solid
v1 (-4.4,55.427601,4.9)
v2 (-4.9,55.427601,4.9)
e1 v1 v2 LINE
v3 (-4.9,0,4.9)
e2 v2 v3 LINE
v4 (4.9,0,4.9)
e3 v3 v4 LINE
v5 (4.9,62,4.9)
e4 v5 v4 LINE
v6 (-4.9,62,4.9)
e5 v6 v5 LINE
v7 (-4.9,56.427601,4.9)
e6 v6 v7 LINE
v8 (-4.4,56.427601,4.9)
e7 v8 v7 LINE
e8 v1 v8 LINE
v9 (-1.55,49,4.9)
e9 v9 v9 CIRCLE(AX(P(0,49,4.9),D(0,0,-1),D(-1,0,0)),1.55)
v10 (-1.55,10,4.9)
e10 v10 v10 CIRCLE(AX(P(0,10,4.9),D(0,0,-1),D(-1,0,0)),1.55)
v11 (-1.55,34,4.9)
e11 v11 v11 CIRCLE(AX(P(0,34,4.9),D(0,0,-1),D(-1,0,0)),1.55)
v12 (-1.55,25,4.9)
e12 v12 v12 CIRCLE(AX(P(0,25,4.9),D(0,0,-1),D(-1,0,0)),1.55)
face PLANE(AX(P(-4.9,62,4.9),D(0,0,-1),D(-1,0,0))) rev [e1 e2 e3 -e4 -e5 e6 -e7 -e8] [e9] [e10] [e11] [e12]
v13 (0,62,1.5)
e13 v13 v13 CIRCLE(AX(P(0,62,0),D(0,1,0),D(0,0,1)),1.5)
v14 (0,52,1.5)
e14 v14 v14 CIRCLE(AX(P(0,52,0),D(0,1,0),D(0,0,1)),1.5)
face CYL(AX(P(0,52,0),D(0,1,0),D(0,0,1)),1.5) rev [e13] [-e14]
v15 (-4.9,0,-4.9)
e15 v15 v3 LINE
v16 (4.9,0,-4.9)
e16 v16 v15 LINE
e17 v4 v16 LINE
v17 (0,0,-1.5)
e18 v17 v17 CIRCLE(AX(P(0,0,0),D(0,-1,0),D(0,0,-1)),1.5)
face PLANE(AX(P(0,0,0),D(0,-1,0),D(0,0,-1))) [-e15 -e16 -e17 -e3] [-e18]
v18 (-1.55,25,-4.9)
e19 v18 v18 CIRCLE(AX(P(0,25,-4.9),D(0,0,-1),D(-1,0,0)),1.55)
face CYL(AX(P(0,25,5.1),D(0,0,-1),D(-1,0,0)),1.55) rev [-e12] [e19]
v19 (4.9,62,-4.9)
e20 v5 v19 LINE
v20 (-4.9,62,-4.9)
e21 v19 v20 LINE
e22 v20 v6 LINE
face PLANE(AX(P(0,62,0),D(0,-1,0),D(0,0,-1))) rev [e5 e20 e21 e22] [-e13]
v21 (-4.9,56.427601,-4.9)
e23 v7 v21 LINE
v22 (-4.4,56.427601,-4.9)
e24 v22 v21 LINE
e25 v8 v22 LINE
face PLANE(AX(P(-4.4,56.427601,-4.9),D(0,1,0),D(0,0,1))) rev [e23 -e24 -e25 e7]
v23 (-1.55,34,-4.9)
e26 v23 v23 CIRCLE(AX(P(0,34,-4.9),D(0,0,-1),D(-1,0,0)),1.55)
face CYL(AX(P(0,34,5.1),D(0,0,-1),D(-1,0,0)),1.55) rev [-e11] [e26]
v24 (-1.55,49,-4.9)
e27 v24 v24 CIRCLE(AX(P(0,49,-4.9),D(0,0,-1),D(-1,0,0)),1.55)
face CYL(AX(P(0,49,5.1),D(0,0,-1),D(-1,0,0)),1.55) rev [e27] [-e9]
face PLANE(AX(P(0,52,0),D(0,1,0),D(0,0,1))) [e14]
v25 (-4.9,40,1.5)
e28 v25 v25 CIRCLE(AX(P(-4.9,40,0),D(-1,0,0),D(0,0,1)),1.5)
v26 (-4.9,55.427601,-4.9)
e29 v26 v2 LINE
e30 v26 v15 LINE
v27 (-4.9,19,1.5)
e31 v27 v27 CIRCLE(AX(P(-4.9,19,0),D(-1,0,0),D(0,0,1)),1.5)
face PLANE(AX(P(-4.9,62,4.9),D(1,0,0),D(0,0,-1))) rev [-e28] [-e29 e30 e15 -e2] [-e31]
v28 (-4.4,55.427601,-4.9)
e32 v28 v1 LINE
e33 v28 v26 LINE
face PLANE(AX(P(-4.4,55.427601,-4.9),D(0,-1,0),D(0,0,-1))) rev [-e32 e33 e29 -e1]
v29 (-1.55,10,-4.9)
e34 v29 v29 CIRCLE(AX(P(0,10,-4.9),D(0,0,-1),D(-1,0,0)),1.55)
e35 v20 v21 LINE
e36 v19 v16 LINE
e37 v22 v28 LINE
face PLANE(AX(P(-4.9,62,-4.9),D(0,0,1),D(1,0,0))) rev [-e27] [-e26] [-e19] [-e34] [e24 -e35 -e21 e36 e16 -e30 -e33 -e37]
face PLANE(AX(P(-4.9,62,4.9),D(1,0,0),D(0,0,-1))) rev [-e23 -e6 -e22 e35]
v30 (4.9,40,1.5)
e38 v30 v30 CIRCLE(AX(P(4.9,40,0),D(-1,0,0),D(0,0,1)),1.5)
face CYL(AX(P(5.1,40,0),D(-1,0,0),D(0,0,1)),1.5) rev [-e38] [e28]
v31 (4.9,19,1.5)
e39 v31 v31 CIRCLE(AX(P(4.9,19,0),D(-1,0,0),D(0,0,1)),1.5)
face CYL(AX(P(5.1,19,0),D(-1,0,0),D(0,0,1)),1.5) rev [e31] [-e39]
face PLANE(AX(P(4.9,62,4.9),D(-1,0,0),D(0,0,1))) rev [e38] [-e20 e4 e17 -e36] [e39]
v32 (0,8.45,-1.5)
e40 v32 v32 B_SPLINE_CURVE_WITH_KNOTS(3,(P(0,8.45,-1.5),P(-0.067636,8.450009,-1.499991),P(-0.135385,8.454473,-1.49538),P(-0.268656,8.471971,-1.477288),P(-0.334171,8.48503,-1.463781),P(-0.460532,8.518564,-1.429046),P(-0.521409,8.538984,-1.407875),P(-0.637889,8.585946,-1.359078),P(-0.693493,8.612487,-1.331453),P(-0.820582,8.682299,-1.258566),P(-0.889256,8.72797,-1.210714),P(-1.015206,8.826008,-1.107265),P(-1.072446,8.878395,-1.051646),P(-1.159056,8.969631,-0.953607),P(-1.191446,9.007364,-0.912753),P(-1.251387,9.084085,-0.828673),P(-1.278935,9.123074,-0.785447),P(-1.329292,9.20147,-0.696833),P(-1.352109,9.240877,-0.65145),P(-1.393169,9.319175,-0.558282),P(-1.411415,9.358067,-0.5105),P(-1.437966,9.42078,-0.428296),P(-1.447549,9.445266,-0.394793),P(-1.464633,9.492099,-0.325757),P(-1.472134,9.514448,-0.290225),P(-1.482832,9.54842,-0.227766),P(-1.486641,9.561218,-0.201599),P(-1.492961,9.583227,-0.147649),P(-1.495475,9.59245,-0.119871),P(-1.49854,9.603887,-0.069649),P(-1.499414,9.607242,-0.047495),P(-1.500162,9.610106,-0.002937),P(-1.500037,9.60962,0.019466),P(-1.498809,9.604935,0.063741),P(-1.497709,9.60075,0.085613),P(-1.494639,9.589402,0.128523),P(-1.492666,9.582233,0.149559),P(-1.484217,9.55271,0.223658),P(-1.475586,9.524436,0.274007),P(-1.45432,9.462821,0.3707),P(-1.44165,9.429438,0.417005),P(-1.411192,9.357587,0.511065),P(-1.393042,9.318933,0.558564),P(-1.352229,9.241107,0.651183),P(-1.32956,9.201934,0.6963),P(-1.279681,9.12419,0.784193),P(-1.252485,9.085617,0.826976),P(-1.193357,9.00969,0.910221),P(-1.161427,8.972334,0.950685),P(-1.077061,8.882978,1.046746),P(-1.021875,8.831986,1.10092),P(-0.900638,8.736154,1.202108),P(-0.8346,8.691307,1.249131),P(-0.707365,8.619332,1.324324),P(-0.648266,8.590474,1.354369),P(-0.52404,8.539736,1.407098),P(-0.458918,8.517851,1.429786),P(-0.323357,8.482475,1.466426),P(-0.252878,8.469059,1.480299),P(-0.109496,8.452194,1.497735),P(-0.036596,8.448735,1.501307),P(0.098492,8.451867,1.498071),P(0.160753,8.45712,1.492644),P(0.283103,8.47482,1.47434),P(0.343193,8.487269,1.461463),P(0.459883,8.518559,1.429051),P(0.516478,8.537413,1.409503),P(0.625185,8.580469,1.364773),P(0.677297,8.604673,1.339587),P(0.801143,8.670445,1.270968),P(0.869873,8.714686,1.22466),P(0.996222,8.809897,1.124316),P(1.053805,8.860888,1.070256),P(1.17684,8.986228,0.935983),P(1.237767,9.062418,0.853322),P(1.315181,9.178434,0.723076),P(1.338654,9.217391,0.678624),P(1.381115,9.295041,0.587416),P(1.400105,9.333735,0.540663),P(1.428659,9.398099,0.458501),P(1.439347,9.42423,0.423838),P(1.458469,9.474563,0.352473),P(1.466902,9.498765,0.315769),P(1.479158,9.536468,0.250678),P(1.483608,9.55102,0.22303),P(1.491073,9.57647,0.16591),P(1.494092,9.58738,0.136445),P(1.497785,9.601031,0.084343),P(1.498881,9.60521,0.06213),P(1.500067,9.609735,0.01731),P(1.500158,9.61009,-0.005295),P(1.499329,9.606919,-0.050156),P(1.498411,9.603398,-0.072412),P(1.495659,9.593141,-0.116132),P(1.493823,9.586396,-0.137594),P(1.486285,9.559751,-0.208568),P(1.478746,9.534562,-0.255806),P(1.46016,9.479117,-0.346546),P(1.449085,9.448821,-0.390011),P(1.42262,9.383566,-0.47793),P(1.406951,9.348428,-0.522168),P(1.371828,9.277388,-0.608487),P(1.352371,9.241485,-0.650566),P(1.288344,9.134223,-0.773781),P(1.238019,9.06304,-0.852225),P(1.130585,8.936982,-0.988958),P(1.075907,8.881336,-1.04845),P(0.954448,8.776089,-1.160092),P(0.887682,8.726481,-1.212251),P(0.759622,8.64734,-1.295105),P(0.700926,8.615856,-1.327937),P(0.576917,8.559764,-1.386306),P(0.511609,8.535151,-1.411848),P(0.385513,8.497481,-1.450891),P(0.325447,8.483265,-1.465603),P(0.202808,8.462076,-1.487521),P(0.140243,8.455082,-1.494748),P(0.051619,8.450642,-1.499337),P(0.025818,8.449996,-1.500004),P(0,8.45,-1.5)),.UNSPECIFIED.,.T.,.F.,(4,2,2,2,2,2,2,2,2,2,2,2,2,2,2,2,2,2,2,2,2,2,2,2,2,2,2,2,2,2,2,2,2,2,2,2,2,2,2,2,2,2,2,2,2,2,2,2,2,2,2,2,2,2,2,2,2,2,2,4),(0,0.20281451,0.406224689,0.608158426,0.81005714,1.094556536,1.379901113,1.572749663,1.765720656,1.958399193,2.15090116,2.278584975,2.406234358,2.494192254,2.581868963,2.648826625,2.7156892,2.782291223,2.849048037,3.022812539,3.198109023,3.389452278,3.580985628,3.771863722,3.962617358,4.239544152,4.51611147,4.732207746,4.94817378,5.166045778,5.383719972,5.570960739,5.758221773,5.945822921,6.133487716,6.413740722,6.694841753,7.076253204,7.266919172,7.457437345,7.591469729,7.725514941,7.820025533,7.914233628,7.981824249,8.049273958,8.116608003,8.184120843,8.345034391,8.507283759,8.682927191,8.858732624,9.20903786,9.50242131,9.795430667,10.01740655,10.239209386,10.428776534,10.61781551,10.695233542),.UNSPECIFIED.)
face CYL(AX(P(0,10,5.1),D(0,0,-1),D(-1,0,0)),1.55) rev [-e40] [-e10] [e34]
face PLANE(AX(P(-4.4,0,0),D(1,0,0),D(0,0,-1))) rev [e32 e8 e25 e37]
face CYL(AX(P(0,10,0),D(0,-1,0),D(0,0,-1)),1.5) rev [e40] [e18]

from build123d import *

# Parameters (mm, degrees)
SKETCH1_W      = 9.8
SKETCH1_H      = 9.8
EXTRUDE1_DEPTH = 62
SKETCH2_R      = 1.5
EXTRUDE2_DEPTH = 10
EXTRUDE3_START = -10
SKETCH3_R      = 1.5
EXTRUDE3_DEPTH = 10
SKETCH4_R      = 1.55
EXTRUDE4_DEPTH = 10
SKETCH5_R      = 1.5
EXTRUDE5_DEPTH = 10
SKETCH6_W      = 9.8
SKETCH6_H      = 1
EXTRUDE6_DEPTH = 0.5


with BuildPart() as part:
    # Sketch1 → Extrude1 (new body)
    with BuildSketch(Plane(origin=(0, 0, 0), x_dir=(1, 0, 0), z_dir=(0, 1, 0))):
        Rectangle(SKETCH1_W, SKETCH1_H)
    extrude(amount=EXTRUDE1_DEPTH)

    # Sketch2 → Extrude2 (cut)
    with BuildSketch(Plane.XZ):
        with Locations(Location((0, 0, 0), (0, 0, 270))):
            Circle(SKETCH2_R)
    extrude(amount=-EXTRUDE2_DEPTH, mode=Mode.SUBTRACT)

    # Sketch3 → Extrude3 (cut)
    with BuildSketch(Plane(origin=(0, 62, 0), x_dir=(1, 0, 0), z_dir=(0, 1, 0)).offset(EXTRUDE3_START)):
        with Locations(Location((0, 0, 0), (0, 0, 90))):
            Circle(SKETCH3_R)
    extrude(amount=EXTRUDE3_DEPTH, mode=Mode.SUBTRACT)

    # Sketch4 → Extrude4 (cut)
    with BuildSketch(Plane(origin=(0, 0, -4.9), x_dir=(-1, 0, 0), z_dir=(0, 0, -1))):
        with Locations((0, 10)):
            Circle(SKETCH4_R)
        with Locations((0, 49)):
            Circle(SKETCH4_R)
        with Locations((0, 34)):
            Circle(SKETCH4_R)
        with Locations((0, 25)):
            Circle(SKETCH4_R)
    extrude(amount=-EXTRUDE4_DEPTH, mode=Mode.SUBTRACT)

    # Sketch5 → Extrude5 (cut)
    with BuildSketch(Plane.ZY.offset(4.9)):
        with Locations((0, 40)):
            Circle(SKETCH5_R)
        with Locations((0, 19)):
            Circle(SKETCH5_R)
    extrude(amount=-EXTRUDE5_DEPTH, mode=Mode.SUBTRACT)

    # Sketch6 → Extrude6 (cut)
    with BuildSketch(Plane.ZY.offset(4.9)):
        with Locations((0, 55.927600584)):
            Rectangle(SKETCH6_W, SKETCH6_H)
    extrude(amount=-EXTRUDE6_DEPTH, mode=Mode.SUBTRACT)


solid = part.part
